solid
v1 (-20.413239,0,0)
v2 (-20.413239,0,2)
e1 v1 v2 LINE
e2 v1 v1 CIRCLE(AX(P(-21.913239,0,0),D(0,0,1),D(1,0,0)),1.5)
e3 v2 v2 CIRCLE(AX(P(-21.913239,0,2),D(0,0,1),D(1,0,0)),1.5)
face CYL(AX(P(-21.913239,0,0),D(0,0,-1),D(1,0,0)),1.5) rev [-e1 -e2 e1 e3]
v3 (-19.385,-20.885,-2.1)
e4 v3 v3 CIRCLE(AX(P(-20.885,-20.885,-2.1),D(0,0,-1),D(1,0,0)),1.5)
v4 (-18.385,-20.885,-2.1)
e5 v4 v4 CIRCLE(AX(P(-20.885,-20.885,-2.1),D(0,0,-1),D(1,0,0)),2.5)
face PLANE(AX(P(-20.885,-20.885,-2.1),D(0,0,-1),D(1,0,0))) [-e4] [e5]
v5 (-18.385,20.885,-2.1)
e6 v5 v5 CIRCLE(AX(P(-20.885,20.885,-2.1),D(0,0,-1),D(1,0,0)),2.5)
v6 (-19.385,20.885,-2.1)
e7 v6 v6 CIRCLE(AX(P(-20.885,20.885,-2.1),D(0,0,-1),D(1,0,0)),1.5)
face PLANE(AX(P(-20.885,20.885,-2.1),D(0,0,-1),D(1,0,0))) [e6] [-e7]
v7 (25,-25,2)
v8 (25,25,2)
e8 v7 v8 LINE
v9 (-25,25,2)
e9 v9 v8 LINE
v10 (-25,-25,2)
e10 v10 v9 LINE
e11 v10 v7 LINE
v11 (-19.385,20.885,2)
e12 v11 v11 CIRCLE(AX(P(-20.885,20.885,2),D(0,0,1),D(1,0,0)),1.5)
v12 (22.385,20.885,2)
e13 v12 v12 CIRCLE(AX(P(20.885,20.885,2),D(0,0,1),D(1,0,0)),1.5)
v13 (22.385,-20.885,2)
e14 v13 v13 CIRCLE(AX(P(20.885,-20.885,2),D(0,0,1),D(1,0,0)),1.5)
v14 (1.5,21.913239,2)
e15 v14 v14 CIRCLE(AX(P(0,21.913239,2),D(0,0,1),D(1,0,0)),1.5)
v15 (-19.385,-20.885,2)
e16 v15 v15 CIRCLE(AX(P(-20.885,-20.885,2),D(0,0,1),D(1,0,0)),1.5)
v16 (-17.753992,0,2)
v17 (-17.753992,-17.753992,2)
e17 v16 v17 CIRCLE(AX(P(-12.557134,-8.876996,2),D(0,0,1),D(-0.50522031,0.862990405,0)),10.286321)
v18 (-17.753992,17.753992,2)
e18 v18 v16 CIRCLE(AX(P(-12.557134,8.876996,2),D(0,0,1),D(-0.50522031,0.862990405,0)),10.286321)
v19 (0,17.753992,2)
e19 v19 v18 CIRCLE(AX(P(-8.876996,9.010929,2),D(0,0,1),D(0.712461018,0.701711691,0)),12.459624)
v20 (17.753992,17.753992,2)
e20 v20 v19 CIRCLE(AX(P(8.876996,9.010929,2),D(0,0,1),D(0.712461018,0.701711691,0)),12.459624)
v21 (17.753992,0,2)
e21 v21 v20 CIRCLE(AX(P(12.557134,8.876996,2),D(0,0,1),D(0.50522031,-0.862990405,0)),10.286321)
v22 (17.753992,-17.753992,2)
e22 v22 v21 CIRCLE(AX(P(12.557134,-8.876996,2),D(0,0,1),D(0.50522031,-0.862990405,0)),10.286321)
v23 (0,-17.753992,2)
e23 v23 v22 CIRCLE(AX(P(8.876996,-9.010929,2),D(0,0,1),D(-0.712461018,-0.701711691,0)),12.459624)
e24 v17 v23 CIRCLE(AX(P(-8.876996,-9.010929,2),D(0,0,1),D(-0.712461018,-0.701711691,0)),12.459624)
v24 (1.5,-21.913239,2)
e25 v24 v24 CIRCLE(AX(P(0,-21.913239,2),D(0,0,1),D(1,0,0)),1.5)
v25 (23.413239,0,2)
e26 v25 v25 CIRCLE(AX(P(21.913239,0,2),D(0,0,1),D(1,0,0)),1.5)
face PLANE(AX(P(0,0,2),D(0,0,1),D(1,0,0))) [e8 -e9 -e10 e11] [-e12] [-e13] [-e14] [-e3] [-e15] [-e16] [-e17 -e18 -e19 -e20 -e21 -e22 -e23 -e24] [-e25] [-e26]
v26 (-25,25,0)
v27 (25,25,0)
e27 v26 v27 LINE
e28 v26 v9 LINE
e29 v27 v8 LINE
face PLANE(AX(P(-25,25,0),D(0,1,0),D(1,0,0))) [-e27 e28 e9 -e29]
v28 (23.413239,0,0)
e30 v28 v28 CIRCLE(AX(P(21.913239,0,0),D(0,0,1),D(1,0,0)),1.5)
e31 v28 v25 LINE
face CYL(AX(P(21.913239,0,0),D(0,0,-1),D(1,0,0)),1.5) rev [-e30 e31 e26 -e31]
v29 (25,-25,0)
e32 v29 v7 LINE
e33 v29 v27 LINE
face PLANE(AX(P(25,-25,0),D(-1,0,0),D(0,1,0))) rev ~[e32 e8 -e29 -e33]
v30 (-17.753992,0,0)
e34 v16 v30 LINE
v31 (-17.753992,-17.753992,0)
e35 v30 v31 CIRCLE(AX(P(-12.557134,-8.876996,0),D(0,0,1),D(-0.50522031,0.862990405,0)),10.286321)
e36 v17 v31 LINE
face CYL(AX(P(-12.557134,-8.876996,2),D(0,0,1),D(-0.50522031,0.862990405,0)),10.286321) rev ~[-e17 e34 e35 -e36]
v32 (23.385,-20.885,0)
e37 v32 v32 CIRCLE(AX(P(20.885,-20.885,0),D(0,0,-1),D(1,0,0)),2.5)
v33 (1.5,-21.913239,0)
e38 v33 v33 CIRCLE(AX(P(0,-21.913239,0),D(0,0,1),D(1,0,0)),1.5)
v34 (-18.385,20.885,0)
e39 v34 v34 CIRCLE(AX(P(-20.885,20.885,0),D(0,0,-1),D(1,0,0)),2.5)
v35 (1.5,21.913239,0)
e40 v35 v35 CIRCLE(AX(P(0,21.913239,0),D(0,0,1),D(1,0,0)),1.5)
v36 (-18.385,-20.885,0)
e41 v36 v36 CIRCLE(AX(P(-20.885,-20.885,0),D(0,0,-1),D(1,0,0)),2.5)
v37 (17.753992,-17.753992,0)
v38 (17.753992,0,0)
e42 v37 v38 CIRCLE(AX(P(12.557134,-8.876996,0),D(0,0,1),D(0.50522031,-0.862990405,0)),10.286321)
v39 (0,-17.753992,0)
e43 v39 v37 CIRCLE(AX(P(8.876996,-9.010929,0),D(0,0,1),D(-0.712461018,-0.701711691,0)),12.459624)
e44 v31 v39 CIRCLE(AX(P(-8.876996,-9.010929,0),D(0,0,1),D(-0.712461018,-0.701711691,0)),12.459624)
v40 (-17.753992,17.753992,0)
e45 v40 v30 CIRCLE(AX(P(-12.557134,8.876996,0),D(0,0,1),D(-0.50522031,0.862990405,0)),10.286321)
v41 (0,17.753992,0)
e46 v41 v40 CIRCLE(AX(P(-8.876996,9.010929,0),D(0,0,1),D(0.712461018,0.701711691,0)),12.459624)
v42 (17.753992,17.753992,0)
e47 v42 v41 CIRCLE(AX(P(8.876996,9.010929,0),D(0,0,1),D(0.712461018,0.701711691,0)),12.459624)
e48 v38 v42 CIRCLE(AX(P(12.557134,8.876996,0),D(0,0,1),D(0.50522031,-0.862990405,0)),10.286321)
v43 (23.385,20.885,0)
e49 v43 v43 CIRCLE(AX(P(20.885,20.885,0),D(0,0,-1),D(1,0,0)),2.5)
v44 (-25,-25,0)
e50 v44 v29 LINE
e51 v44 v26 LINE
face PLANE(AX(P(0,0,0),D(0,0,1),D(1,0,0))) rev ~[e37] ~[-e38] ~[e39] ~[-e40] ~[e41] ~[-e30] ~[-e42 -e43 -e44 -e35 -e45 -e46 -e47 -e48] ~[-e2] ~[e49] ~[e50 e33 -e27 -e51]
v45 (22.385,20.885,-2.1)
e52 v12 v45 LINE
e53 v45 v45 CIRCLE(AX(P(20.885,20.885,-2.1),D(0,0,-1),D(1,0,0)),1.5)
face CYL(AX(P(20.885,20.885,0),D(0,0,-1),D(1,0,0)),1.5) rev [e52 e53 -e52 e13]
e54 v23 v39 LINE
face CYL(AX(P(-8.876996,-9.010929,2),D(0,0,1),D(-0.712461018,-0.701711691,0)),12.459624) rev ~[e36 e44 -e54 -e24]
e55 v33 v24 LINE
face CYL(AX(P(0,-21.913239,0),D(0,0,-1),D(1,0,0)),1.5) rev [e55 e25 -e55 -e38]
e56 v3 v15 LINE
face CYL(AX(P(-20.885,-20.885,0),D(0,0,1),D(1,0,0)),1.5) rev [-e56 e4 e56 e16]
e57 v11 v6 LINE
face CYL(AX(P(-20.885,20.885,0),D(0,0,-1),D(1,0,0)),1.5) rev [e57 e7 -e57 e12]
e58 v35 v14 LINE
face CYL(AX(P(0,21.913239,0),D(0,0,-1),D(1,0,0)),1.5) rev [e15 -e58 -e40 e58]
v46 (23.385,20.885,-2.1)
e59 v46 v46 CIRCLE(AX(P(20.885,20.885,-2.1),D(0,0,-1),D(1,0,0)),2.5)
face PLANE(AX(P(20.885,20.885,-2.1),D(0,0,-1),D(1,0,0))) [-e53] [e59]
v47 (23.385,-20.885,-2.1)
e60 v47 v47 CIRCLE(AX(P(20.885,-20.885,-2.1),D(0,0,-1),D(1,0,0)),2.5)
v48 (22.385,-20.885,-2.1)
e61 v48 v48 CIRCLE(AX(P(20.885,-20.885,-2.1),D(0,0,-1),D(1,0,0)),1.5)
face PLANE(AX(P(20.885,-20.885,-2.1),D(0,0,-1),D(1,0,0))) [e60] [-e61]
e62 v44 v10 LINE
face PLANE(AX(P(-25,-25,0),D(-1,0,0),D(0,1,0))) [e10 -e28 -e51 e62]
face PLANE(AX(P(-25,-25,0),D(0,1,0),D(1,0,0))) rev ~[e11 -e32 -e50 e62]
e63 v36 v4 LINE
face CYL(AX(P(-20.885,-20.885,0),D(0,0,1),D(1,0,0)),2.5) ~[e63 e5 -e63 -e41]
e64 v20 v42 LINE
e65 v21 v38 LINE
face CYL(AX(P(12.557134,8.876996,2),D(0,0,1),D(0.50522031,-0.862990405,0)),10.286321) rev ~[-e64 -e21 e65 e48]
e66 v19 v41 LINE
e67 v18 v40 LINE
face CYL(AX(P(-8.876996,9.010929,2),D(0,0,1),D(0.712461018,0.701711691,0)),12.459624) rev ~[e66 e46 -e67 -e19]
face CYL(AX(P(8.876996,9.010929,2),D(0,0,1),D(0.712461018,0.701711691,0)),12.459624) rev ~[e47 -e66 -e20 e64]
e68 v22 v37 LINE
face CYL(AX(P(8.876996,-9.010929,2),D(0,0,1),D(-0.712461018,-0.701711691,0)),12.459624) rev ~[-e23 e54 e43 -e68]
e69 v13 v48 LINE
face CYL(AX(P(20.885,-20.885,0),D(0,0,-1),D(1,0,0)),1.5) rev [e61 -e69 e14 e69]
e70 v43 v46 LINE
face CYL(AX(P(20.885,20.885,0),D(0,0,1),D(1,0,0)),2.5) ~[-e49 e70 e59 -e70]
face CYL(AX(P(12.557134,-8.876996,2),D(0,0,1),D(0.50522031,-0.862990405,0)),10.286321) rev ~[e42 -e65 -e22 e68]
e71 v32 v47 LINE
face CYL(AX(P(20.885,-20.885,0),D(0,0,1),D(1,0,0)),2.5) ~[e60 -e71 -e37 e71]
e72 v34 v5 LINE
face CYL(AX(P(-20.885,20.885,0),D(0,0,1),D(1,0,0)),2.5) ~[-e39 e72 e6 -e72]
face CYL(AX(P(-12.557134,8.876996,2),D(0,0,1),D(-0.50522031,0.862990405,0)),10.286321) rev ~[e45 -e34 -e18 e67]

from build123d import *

# Parameters (mm, degrees)
F0_W     = 50
F0_H     = 50
F0_R     = 1.5
F1_DEPTH = 2
F3_DEPTH = 25
F4_R     = 2.5
F4_R_2   = 1.5
F5_DEPTH = 2.1


with BuildPart() as f1:
    # F0 (on Top) → F1 (new body)
    with BuildSketch(Plane.XY):
        Rectangle(F0_W, F0_H)
        with Locations((-20.885, -20.885)):
            Circle(F0_R, mode=Mode.SUBTRACT)
        with Locations((0, -21.913239149)):
            Circle(F0_R, mode=Mode.SUBTRACT)
        with Locations((20.885, -20.885)):
            Circle(F0_R, mode=Mode.SUBTRACT)
        with Locations((-21.913239149, 0)):
            Circle(F0_R, mode=Mode.SUBTRACT)
        with Locations((-20.885, 20.885)):
            Circle(F0_R, mode=Mode.SUBTRACT)
        with Locations((21.913239149, 0)):
            Circle(F0_R, mode=Mode.SUBTRACT)
        with Locations((0, 21.913239149)):
            Circle(F0_R, mode=Mode.SUBTRACT)
        with Locations((20.885, 20.885)):
            Circle(F0_R, mode=Mode.SUBTRACT)
    extrude(amount=F1_DEPTH)

    # F2 (on face) → F3 (cut)
    with BuildSketch(Plane.XY.offset(2)):
        with BuildLine():
            ThreePointArc((0, 17.7539922297), (-8.8769961149, 21.470552283), (-17.7539922297, 17.7539922297))
            ThreePointArc((-17.7539922297, 17.7539922297), (-22.8434548265, 8.8769961149), (-17.7539922297, 0))
            ThreePointArc((-17.7539922297, 0), (-22.8434548265, -8.8769961149), (-17.7539922297, -17.7539922297))
            ThreePointArc((-17.7539922297, -17.7539922297), (-8.8769961149, -21.470552283), (0, -17.7539922297))
            ThreePointArc((0, -17.7539922297), (8.8769961149, -21.470552283), (17.7539922297, -17.7539922297))
            ThreePointArc((17.7539922297, -17.7539922297), (22.8434548265, -8.8769961149), (17.7539922297, 0))
            ThreePointArc((17.7539922297, 0), (22.8434548265, 8.8769961149), (17.7539922297, 17.7539922297))
            ThreePointArc((17.7539922297, 17.7539922297), (8.8769961149, 21.470552283), (0, 17.7539922297))
        make_face()
    extrude(amount=-F3_DEPTH, mode=Mode.SUBTRACT)

    # F4 (on face) → F5 (join)
    with BuildSketch(Plane(origin=(0, 0, 0), x_dir=(1, 0, 0), z_dir=(0, 0, -1))):
        with Locations((-20.885, 20.885)):
            Circle(F4_R)
        with Locations((-20.885, 20.885)):
            Circle(F4_R_2, mode=Mode.SUBTRACT)
        with Locations((20.885, 20.885)):
            Circle(F4_R)
        with Locations((20.885, 20.885)):
            Circle(F4_R_2, mode=Mode.SUBTRACT)
        with Locations((20.885, -20.885)):
            Circle(F4_R)
        with Locations((20.885, -20.885)):
            Circle(F4_R_2, mode=Mode.SUBTRACT)
        with Locations((-20.885, -20.885)):
            Circle(F4_R)
        with Locations((-20.885, -20.885)):
            Circle(F4_R_2, mode=Mode.SUBTRACT)
    extrude(amount=F5_DEPTH)


solid = f1.part
